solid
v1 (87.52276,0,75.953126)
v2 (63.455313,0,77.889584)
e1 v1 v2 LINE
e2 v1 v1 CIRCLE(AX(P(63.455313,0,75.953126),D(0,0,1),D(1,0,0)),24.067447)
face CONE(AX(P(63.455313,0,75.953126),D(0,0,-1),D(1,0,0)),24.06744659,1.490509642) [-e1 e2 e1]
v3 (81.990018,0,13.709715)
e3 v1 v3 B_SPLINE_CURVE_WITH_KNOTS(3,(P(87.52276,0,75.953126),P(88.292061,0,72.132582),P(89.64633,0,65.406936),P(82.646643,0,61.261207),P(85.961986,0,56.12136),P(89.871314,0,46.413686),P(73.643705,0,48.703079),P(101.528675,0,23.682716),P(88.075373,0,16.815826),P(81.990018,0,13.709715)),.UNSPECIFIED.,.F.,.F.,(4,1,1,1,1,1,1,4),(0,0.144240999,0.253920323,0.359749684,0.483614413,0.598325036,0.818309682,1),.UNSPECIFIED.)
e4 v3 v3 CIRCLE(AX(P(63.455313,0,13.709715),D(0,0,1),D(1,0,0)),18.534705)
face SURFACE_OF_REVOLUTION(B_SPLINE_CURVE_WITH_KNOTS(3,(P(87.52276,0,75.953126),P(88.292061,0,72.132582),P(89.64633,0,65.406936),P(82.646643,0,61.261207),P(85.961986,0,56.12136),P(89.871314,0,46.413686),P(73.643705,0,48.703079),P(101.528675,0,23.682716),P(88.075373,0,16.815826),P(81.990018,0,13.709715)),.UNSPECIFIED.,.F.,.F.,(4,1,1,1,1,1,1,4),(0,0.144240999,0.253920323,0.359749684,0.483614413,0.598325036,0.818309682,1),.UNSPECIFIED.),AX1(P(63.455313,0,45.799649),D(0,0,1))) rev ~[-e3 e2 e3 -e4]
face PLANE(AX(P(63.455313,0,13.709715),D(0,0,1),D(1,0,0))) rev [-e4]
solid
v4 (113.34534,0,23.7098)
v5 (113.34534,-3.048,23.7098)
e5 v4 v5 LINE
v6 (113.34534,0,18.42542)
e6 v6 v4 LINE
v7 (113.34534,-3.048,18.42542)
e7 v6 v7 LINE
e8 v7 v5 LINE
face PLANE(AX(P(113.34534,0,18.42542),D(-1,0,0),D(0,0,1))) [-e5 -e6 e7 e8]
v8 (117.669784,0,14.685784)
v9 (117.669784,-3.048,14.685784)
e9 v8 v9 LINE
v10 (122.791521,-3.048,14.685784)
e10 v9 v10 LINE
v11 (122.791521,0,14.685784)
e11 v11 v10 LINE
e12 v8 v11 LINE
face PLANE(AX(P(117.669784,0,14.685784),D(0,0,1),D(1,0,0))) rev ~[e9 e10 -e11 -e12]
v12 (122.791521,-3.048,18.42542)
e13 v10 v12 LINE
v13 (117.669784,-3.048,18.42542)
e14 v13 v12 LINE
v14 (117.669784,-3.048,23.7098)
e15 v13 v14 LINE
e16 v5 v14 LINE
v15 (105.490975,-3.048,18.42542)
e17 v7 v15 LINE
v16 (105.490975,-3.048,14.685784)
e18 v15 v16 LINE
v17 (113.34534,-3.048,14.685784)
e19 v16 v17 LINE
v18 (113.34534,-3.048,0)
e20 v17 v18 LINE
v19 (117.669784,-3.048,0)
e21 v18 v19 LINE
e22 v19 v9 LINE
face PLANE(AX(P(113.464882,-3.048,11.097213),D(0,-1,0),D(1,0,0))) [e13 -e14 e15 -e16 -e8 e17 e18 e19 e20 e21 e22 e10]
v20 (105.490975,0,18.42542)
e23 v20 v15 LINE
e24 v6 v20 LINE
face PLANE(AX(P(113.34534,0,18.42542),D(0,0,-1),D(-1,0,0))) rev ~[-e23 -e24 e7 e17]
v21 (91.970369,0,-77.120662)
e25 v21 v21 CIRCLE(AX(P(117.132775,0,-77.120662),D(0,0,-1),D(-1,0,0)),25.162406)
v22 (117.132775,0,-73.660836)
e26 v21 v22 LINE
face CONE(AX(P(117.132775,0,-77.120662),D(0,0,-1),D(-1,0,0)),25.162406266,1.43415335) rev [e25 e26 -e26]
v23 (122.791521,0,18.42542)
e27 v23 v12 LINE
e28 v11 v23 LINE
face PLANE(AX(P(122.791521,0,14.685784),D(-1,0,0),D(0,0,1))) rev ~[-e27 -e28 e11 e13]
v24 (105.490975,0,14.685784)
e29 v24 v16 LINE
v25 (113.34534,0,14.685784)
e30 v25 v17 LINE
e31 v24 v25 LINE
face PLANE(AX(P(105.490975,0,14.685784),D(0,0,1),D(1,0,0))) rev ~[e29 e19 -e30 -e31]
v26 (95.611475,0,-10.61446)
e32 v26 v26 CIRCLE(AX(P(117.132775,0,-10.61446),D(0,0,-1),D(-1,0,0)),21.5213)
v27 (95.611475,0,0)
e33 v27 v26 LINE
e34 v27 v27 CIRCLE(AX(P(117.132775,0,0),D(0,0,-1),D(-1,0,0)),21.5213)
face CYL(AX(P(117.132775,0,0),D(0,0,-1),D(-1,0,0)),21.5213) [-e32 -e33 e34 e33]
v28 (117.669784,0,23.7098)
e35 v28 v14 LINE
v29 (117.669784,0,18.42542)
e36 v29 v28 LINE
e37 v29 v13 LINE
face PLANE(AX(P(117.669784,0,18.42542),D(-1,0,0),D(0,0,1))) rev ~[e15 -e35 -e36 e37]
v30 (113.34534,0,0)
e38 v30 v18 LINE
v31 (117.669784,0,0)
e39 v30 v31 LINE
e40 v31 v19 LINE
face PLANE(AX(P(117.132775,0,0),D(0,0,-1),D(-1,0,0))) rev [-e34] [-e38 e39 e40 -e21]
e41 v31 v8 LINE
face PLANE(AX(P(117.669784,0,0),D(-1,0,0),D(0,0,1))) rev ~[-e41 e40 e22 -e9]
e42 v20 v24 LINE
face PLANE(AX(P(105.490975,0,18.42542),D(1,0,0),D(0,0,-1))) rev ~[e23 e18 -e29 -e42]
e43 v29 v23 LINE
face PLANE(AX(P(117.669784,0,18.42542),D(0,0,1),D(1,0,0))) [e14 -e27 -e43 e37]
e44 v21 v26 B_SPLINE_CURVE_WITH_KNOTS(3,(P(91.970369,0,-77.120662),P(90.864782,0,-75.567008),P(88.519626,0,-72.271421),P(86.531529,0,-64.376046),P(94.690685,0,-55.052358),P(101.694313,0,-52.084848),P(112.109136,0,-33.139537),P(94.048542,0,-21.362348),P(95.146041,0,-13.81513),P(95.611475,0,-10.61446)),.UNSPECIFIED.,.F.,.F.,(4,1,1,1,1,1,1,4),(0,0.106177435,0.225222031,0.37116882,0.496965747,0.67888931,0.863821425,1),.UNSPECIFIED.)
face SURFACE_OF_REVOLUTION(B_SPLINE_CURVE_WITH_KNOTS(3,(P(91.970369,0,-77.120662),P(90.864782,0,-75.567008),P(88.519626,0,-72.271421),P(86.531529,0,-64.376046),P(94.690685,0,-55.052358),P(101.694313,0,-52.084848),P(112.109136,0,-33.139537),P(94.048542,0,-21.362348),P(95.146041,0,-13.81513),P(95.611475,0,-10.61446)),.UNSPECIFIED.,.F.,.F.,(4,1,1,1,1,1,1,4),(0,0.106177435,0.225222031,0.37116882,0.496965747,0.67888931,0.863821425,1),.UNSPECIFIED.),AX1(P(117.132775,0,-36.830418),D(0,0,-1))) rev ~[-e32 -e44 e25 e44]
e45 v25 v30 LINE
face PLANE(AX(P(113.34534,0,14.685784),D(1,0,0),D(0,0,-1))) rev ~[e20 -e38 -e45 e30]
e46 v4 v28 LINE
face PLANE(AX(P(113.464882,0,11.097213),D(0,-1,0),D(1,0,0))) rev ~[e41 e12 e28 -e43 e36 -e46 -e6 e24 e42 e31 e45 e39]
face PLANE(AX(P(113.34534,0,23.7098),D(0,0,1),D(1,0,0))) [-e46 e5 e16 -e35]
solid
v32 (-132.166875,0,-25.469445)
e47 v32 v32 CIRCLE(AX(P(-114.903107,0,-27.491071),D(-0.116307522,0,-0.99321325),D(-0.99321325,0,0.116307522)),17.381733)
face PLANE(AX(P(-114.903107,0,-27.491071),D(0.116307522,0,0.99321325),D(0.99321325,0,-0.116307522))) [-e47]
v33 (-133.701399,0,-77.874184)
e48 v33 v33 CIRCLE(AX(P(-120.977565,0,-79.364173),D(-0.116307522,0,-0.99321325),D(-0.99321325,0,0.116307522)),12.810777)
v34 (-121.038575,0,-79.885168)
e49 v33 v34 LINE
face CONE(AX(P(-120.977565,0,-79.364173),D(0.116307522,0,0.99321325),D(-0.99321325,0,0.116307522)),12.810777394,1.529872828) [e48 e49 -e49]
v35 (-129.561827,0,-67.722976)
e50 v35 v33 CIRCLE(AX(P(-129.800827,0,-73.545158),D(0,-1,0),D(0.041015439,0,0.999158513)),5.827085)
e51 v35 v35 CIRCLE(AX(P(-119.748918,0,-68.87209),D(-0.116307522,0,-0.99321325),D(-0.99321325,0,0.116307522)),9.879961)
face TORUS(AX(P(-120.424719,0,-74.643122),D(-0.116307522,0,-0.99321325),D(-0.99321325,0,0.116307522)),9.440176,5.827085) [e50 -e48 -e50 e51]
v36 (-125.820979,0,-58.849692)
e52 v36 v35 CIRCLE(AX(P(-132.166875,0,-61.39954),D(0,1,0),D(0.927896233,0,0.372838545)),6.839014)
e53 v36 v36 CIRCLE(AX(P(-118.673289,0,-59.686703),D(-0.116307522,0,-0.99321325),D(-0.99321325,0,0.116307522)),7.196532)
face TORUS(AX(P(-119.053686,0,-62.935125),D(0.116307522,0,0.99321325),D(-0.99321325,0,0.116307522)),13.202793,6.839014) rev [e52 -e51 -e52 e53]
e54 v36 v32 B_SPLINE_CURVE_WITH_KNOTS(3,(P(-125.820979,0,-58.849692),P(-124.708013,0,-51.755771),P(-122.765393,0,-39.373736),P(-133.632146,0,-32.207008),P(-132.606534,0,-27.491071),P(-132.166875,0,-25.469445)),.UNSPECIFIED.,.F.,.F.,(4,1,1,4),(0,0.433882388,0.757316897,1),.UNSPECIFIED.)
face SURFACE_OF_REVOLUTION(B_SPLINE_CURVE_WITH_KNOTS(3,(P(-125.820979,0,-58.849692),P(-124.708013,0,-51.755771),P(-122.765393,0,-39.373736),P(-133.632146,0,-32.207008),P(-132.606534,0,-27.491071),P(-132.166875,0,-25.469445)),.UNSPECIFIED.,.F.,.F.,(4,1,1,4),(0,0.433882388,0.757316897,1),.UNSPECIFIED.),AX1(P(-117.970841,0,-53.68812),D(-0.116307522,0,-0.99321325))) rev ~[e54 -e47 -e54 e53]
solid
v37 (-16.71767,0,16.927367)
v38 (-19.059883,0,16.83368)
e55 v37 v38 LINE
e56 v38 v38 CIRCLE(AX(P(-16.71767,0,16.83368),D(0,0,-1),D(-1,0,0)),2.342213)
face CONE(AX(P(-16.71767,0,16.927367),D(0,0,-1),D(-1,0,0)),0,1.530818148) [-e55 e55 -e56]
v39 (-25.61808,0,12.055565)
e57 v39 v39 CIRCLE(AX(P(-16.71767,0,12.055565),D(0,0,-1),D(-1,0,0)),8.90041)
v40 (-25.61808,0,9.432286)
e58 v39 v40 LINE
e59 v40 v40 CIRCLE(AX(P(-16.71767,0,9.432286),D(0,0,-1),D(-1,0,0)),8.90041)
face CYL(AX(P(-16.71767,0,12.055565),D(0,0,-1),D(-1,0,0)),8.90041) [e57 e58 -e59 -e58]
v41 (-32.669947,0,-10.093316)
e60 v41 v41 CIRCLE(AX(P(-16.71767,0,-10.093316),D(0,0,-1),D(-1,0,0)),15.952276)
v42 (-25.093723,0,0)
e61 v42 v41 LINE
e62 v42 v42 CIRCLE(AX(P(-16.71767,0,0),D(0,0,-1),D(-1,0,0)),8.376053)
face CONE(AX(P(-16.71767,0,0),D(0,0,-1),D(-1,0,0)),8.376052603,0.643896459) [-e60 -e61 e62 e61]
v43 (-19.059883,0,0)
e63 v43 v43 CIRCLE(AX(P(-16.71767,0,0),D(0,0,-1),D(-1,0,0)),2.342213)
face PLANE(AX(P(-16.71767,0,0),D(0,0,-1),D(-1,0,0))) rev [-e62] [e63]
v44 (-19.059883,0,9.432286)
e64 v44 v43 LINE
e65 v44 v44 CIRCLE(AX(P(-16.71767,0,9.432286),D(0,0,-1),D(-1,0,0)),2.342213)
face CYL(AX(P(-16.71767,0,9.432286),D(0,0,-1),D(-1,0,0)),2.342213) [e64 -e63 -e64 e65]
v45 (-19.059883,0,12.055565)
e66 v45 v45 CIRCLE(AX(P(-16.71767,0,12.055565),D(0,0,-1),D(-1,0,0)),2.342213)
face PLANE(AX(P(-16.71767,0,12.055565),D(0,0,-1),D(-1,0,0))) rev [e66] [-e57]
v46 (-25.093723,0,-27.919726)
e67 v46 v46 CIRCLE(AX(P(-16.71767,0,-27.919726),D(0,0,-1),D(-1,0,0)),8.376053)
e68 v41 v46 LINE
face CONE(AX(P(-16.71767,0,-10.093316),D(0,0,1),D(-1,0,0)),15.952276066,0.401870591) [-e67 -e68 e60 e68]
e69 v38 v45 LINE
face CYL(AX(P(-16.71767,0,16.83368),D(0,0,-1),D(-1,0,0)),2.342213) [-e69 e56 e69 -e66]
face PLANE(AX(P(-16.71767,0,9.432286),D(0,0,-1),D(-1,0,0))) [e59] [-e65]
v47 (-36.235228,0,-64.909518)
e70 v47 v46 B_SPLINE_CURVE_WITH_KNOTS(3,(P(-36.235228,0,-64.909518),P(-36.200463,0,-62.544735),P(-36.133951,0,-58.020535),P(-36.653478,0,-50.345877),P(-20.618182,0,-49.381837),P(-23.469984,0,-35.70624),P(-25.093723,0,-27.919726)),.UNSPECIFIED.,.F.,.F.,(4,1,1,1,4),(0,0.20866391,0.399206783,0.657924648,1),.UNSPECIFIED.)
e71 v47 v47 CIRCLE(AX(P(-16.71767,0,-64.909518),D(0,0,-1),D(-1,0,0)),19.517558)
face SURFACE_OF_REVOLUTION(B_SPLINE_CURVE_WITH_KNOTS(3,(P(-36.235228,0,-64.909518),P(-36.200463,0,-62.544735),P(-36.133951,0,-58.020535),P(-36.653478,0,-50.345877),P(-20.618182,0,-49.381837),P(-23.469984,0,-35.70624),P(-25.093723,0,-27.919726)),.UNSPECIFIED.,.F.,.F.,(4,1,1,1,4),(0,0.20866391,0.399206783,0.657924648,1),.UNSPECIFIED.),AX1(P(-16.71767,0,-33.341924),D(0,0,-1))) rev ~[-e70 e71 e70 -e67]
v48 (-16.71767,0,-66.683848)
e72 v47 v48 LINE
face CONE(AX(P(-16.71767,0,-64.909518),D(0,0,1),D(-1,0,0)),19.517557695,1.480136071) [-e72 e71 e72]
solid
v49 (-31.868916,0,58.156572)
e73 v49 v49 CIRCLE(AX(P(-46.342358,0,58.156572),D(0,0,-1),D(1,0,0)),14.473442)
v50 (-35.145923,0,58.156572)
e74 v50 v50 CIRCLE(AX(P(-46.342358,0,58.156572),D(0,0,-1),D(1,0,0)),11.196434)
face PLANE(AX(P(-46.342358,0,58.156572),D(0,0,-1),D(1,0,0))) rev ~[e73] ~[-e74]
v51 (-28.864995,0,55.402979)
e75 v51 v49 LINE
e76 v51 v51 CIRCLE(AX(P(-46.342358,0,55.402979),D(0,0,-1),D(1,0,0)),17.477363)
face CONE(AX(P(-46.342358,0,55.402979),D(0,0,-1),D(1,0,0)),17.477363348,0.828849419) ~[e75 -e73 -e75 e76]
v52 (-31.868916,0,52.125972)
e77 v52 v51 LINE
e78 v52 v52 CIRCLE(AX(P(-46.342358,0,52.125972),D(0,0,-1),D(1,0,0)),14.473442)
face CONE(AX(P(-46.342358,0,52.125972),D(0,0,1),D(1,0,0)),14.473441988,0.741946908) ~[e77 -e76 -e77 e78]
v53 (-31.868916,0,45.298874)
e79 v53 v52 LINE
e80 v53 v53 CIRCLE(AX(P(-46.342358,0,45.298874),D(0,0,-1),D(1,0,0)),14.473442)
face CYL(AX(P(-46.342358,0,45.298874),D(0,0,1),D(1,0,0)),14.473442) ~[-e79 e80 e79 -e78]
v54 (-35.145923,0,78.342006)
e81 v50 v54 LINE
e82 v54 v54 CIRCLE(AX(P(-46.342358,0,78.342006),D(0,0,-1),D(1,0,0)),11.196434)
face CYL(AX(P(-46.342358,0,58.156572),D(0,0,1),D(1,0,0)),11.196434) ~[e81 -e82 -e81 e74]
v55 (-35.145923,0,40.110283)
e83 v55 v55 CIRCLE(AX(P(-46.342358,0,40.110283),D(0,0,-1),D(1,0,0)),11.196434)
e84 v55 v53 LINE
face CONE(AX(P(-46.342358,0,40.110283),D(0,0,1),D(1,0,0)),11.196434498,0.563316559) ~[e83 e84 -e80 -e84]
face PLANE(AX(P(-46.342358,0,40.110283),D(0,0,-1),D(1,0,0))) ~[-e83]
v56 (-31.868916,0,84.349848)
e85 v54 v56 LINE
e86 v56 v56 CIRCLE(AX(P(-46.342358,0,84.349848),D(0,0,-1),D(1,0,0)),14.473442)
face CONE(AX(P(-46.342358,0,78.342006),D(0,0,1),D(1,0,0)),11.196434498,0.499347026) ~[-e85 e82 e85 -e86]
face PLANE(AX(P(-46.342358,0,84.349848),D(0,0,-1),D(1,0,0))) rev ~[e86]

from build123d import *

# Parameters (mm, degrees)
F4_W     = 4.3244436383
F4_H     = 5.2843801677
F4_W_2   = 5.1217377186
F4_H_2   = 3.7396363914
F5_DEPTH = 3.048


with BuildPart() as f1:
    # F0 (on Front) → F1 (revolve)
    with BuildSketch(Plane.XZ):
        with BuildLine():
            add(Edge.make_bspline(
                [(-36.2352281809, -64.909517765), (-36.200462587, -62.544735156), (-36.1339505537, -58.0205351714), (-36.6534777552, -50.3458767861), (-20.6181815712, -49.3818371495), (-23.4699841185, -35.7062401885), (-25.0937230885, -27.9197264463)],
                knots=[0, 0, 0, 0, 0.2086639096, 0.3992067825, 0.657924648, 1, 1, 1, 1], degree=3))
            Line((-36.2352281809, -64.909517765), (-16.7176704854, -66.6838484392))
            Line((-16.7176704854, -66.6838484392), (-16.7176704854, 0))
            Line((-16.7176704854, 0), (-19.0598834306, 0))
            Line((-19.0598834306, 0), (-25.0937230885, 0))
            Line((-25.0937230885, 0), (-32.6699465513, -10.0933155045))
            Line((-32.6699465513, -10.0933155045), (-25.0937230885, -27.9197264463))
        make_face()
        Polygon((-19.0598834306, 0), (-16.7176704854, 0), (-16.7176704854, 16.9273670763), (-19.0598834306, 16.8336797506), (-19.0598834306, 12.0555646718), (-25.6180800498, 12.0555646718), (-25.6180800498, 9.4322860241), (-19.0598834306, 9.4322860241), align=None)
    revolve(axis=Axis((-16.7176704854, 0, -33.3419242196), (0, 0, -1)))


with BuildPart() as f3:
    # F2 (on Front) → F3 (revolve)
    with BuildSketch(Plane.XZ):
        with BuildLine():
            add(Edge.make_bspline(
                [(91.9703692198, -77.1206617355), (90.8647820062, -75.5670082422), (88.5196264752, -72.27142103), (86.5315291755, -64.3760464193), (94.6906849675, -55.0523577555), (101.6943132046, -52.0848477328), (112.1091355523, -33.1395369819), (94.0485417175, -21.3623482749), (95.1460411659, -13.8151304004), (95.6114754081, -10.6144603342)],
                knots=[0, 0, 0, 0, 0.1061774346, 0.2252220314, 0.3711688203, 0.4969657471, 0.67888931, 0.8638214253, 1, 1, 1, 1], degree=3))
            Line((91.9703692198, -77.1206617355), (117.1327754855, -73.6608356237))
            Line((117.1327754855, -73.6608356237), (117.1327754855, 0))
            Line((117.1327754855, 0), (95.6114754081, 0))
            Line((95.6114754081, 0), (95.6114754081, -10.6144603342))
        make_face()
    revolve(axis=Axis((117.1327754855, 0, -36.8304178119), (0, 0, -1)))

    # F4 (on Front) → F5 (join)
    with BuildSketch(Plane.XZ):
        Polygon((113.3453398943, 14.6857835352), (113.3453398943, 0), (117.6697835326, 0), (117.6697835326, 14.6857835352), (117.6697835326, 18.4254199266), (113.3453398943, 18.4254199266), (105.4909750819, 18.4254199266), (105.4909750819, 14.6857835352), align=None)
        with Locations((115.5075617135, 21.0676100105)):
            Rectangle(F4_W, F4_H)
        with Locations((120.2306523919, 16.5556017309)):
            Rectangle(F4_W_2, F4_H_2)
    extrude(amount=F5_DEPTH)


with BuildPart() as f7:
    # F6 (on Front) → F7 (revolve)
    with BuildSketch(Plane.XZ):
        with BuildLine():
            ThreePointArc((-125.820979476, -58.8496923447), (-125.8649990442, -64.0563195696), (-129.5618265867, -67.7229762077))
            ThreePointArc((-129.5618265867, -67.7229762077), (-135.1965225148, -71.344841352), (-133.7013989687, -77.8741836548))
            Line((-133.7013989687, -77.8741836548), (-121.0385747732, -79.8851681034))
            Line((-121.0385747732, -79.8851681034), (-114.9031072855, -27.4910710225))
            Line((-114.9031072855, -27.4910710225), (-132.1668751119, -25.4694446921))
            add(Edge.make_bspline(
                [(-125.820979476, -58.8496923447), (-124.7080126471, -51.7557707009), (-122.7653926899, -39.3737361229), (-133.6321463919, -32.2070082145), (-132.606534195, -27.4910710225), (-132.1668751119, -25.4694446921)],
                knots=[0, 0, 0, 0, 0.4338823877, 0.757316897, 1, 1, 1, 1], degree=3))
        make_face()
    revolve(axis=Axis((-117.9708410293, 0, -53.6881195629), (-0.1163075221, 0, -0.9932132502)))


with BuildPart() as f9:
    # F8 (on Front) → F9 (revolve)
    with BuildSketch(Plane.XZ):
        Polygon((-46.3423579931, 84.34984833), (-46.3423579931, 40.1102825999), (-35.1459234953, 40.1102825999), (-31.8689160049, 45.2988743782), (-31.8689160049, 52.1259717643), (-28.8649946451, 55.4029792547), (-31.8689160049, 58.1565718425), (-35.1459234953, 58.1565718425), (-35.1459234953, 78.3420056105), (-31.8689160049, 84.34984833), align=None)
    revolve(axis=Axis((-46.3423579931, 0, 62.230065465), (0, 0, -1)))


with BuildPart() as f11:
    # F10 (on Front) → F11 (revolve)
    with BuildSketch(Plane.XZ):
        with BuildLine():
            add(Edge.make_bspline(
                [(87.5227600336, 75.9531259537), (88.2920608984, 72.1325815846), (89.6463299673, 65.4069358691), (82.6466429488, 61.2612066685), (85.9619862447, 56.1213601719), (89.871314308, 46.4136863151), (73.6437048811, 48.7030791841), (101.5286754614, 23.682715629), (88.0753734277, 16.8158263277), (81.990018487, 13.7097146362)],
                knots=[0, 0, 0, 0, 0.1442409993, 0.2539203226, 0.3597496841, 0.4836144132, 0.5983250364, 0.818309682, 1, 1, 1, 1], degree=3))
            Line((87.5227600336, 75.9531259537), (63.4553134441, 77.8895840049))
            Line((63.4553134441, 77.8895840049), (63.4553134441, 13.7097146362))
            Line((63.4553134441, 13.7097146362), (81.990018487, 13.7097146362))
        make_face()
    revolve(axis=Axis((63.4553134441, 0, 45.7996493205), (0, 0, 1)))


solid = Compound([f1.part, f3.part, f7.part, f9.part, f11.part])
